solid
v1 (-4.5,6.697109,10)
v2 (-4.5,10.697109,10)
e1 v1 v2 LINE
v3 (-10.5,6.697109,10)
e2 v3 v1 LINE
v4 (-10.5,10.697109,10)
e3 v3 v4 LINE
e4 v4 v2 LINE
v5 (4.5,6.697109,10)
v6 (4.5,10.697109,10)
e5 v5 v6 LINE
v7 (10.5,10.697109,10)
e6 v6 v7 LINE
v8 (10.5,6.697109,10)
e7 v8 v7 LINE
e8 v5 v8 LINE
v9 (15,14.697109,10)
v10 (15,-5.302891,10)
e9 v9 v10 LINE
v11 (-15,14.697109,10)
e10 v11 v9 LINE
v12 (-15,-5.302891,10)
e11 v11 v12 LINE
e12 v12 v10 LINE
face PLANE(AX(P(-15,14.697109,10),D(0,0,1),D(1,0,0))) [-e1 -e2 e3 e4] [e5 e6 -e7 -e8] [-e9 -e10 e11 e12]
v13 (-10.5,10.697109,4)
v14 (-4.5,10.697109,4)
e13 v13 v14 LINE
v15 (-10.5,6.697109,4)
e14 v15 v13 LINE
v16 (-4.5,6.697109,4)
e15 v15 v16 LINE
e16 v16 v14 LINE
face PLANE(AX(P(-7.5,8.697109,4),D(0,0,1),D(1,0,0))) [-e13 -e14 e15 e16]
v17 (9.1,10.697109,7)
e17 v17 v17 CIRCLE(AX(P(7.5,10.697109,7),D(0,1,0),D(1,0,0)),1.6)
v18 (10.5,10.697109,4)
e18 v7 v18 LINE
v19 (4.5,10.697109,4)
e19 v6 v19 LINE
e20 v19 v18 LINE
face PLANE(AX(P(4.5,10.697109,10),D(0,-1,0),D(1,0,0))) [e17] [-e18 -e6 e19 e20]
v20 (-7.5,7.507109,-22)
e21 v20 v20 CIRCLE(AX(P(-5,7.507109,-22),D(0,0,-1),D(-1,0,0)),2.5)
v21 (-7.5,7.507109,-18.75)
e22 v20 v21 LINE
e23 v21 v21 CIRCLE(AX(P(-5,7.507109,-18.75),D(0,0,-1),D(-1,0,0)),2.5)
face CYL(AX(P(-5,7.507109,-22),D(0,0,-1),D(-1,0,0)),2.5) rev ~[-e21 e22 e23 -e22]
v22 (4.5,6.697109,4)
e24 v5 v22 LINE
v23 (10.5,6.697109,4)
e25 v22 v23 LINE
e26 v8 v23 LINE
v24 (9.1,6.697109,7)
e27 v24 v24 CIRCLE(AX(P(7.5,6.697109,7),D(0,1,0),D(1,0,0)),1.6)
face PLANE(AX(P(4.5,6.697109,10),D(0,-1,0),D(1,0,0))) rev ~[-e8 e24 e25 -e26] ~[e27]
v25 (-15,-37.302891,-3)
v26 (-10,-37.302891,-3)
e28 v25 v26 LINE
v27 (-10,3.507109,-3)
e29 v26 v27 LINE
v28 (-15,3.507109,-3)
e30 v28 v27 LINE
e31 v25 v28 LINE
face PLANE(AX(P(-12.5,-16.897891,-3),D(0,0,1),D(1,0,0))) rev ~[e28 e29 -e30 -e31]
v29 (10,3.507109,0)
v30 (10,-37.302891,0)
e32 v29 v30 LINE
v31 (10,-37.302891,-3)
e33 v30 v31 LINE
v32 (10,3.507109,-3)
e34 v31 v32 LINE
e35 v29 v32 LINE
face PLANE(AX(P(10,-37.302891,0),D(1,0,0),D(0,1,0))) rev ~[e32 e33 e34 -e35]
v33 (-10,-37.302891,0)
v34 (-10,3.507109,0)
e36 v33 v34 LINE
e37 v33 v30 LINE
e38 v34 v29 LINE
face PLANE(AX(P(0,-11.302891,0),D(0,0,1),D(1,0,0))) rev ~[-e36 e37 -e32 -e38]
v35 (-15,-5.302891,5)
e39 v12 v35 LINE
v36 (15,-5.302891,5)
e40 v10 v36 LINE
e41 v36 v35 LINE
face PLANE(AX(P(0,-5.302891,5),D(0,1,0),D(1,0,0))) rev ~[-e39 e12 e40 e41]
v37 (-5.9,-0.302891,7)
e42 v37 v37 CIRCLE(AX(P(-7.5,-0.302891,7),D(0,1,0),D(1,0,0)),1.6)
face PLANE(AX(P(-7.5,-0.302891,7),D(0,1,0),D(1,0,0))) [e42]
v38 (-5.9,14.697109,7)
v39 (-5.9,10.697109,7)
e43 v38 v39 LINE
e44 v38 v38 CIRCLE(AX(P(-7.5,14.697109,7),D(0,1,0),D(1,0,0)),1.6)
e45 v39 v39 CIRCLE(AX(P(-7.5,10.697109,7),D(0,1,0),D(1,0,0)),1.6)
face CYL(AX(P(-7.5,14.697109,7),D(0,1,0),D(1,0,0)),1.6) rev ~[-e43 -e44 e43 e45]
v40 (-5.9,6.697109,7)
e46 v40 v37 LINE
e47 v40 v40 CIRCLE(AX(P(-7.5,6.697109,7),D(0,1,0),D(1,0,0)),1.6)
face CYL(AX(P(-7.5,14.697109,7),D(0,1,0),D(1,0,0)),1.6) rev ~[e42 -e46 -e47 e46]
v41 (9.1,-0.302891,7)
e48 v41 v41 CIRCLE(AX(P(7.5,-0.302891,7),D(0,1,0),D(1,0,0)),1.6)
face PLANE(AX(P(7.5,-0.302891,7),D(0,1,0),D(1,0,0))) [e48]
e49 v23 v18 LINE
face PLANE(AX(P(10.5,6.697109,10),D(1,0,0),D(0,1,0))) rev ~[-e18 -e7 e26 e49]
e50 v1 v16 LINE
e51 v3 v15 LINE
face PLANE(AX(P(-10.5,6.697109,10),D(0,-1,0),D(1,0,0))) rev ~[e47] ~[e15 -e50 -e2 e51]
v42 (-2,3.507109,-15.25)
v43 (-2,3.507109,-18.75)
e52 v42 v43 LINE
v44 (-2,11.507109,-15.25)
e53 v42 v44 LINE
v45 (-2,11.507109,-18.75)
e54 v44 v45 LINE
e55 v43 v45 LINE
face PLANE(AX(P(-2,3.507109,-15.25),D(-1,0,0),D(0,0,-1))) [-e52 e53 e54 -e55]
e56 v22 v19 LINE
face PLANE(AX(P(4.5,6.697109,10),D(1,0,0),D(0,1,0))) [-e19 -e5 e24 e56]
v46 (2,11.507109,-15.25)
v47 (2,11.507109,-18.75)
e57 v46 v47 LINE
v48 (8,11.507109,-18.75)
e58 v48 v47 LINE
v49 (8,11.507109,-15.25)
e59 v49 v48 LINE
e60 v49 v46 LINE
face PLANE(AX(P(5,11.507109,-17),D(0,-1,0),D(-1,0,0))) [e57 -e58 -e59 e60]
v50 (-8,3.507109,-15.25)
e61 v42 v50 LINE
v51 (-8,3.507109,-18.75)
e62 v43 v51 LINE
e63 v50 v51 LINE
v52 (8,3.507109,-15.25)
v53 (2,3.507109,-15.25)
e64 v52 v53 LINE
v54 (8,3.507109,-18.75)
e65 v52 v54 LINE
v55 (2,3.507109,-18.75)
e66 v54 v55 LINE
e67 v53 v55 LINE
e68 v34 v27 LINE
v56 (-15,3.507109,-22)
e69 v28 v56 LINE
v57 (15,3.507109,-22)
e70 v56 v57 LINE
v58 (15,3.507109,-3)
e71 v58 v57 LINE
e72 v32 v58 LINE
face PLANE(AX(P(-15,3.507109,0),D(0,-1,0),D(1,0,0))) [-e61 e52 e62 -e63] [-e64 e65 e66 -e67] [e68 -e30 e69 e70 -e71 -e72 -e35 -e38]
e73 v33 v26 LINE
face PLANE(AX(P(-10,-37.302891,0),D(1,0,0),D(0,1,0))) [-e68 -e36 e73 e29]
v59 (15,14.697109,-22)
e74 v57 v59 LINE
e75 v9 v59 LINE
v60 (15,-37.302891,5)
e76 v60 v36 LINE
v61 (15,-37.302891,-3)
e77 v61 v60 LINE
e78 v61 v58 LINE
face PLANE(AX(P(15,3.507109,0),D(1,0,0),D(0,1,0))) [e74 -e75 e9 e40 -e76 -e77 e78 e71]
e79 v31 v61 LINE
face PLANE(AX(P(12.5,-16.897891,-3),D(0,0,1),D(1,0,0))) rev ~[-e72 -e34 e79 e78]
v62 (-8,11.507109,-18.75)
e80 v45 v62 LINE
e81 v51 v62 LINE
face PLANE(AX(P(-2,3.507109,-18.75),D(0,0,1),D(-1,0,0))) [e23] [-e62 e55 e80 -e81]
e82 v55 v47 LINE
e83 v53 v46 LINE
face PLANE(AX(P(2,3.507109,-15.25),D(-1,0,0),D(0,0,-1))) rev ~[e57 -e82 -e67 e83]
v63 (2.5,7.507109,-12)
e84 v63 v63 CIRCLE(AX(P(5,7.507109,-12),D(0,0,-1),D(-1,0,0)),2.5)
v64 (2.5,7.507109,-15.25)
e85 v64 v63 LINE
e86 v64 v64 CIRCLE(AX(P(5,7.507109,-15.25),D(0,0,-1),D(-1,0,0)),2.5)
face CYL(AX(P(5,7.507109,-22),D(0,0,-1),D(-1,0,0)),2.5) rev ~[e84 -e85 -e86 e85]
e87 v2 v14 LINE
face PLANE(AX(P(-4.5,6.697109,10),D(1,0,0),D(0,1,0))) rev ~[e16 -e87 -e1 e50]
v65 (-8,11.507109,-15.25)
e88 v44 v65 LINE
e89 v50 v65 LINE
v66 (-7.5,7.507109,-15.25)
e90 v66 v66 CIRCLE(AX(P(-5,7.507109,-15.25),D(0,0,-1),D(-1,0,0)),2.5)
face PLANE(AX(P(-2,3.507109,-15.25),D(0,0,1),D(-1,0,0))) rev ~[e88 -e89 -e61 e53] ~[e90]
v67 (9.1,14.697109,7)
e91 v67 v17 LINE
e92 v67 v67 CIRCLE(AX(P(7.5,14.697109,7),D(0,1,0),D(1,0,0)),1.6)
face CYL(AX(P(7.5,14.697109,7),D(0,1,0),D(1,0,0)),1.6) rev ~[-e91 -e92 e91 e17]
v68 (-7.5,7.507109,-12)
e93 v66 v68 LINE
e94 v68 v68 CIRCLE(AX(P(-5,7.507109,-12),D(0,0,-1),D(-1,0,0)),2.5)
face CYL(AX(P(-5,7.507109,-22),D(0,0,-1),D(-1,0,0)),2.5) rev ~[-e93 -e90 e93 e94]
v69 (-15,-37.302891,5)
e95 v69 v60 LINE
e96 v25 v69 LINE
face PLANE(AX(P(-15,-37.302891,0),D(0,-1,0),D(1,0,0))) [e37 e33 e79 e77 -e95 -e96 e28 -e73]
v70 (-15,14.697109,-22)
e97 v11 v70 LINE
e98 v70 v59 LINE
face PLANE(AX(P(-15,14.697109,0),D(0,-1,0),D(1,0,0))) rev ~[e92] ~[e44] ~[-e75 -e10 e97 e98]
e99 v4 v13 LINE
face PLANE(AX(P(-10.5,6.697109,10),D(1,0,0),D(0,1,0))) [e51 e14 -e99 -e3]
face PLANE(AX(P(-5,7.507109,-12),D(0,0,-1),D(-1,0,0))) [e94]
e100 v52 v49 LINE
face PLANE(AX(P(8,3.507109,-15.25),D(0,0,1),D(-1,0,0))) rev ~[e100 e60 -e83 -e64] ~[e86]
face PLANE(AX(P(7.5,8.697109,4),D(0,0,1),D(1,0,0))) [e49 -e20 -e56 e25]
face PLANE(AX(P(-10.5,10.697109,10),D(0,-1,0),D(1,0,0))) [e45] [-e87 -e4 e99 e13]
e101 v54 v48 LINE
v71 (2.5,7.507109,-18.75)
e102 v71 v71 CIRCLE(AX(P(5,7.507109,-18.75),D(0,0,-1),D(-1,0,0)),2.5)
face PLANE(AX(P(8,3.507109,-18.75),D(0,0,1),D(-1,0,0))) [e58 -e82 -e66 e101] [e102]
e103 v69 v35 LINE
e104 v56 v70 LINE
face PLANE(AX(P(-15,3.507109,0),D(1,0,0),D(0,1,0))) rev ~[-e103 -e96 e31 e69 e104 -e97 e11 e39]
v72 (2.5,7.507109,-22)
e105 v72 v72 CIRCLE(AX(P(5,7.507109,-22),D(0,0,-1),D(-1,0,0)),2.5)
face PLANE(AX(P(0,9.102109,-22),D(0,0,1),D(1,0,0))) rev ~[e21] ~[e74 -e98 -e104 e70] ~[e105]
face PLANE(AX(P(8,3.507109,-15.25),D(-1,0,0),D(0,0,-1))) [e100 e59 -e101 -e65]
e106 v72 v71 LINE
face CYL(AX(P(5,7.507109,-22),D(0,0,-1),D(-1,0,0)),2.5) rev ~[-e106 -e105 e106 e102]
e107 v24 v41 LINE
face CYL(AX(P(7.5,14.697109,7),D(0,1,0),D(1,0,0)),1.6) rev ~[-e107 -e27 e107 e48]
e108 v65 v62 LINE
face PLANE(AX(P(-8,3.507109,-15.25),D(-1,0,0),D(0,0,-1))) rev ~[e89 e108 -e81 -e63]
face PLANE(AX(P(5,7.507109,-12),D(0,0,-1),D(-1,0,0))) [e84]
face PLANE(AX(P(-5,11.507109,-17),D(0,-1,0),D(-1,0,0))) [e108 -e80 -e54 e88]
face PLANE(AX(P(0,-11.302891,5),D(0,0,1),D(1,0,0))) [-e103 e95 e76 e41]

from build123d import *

# Parameters (mm, degrees)
SKETCH_2_W          = 30
SKETCH_2_H          = 52
EXTRUDE_1_DEPTH     = 5
SKETCH_3_W          = 5
SKETCH_3_H          = 40.81
EXTRUDE_2_DEPTH     = 3
SKETCH_4_W          = 30
SKETCH_4_H          = 10
EXTRUDE_3_DEPTH     = 20
SKETCH_6_R          = 1.6
CUT_EXTRUDE_1_DEPTH = 15
SKETCH_7_W          = 6
SKETCH_7_H          = 4
CUT_EXTRUDE_2_DEPTH = 6
SKETCH_8_W          = 30
SKETCH_8_H          = 11.19
EXTRUDE_4_DEPTH     = 22
SKETCH_9_R          = 2.5
CUT_EXTRUDE_3_DEPTH = 10
SKETCH_10_W         = 6
SKETCH_10_H         = 3.5
CUT_EXTRUDE_4_DEPTH = 8


with BuildPart() as part:
    # 草图2 → 凸台-拉伸1 (new body)
    with BuildSketch(Plane.XY):
        with Locations((0, -11.302890995)):
            Rectangle(SKETCH_2_W, SKETCH_2_H)
    extrude(amount=EXTRUDE_1_DEPTH)

    # 草图3 → 凸台-拉伸2 (add)
    with BuildSketch(Plane.XY):
        with Locations((-12.5, -16.897890995)):
            Rectangle(SKETCH_3_W, SKETCH_3_H)
        with Locations((12.5, -16.897890995)):
            Rectangle(SKETCH_3_W, SKETCH_3_H)
    extrude(amount=-EXTRUDE_2_DEPTH)

    # 草图4 → 凸台-拉伸3 (add)
    with BuildSketch(Plane(origin=(0, 14.697109005, 0), x_dir=(1, 0, 0), z_dir=(0, 1, 0))):
        with Locations((0, -5)):
            Rectangle(SKETCH_4_W, SKETCH_4_H)
    extrude(amount=-EXTRUDE_3_DEPTH)

    # 草图6 → 切除-拉伸1 (cut)
    with BuildSketch(Plane(origin=(0, 14.697109005, 0), x_dir=(1, 0, 0), z_dir=(0, 1, 0))):
        with Locations((-7.5, -7)):
            Circle(SKETCH_6_R)
        with Locations((7.5, -7)):
            Circle(SKETCH_6_R)
    extrude(amount=-CUT_EXTRUDE_1_DEPTH, mode=Mode.SUBTRACT)

    # 草图7 → 切除-拉伸2 (cut)
    with BuildSketch(Plane.XY.offset(10)):
        with Locations((-7.5, 8.697109005)):
            Rectangle(SKETCH_7_W, SKETCH_7_H)
        with Locations((7.5, 8.697109005)):
            Rectangle(SKETCH_7_W, SKETCH_7_H)
    extrude(amount=-CUT_EXTRUDE_2_DEPTH, mode=Mode.SUBTRACT)

    # 草图8 → 凸台-拉伸4 (add)
    with BuildSketch(Plane.XY):
        with Locations((0, 9.102109005)):
            Rectangle(SKETCH_8_W, SKETCH_8_H)
    extrude(amount=-EXTRUDE_4_DEPTH)

    # 草图9 → 切除-拉伸3 (cut)
    with BuildSketch(Plane(origin=(0, 0, -22), x_dir=(-1, 0, 0), z_dir=(0, 0, -1))):
        with Locations((-5, 7.507109005)):
            Circle(SKETCH_9_R)
        with Locations((5, 7.507109005)):
            Circle(SKETCH_9_R)
    extrude(amount=-CUT_EXTRUDE_3_DEPTH, mode=Mode.SUBTRACT)

    # 草图10 → 切除-拉伸4 (cut)
    with BuildSketch(Plane(origin=(0, 3.507109005, 0), x_dir=(-1, 0, 0), z_dir=(0, -1, 0))):
        with Locations((5, 17)):
            Rectangle(SKETCH_10_W, SKETCH_10_H)
        with Locations((-5, 17)):
            Rectangle(SKETCH_10_W, SKETCH_10_H)
    extrude(amount=-CUT_EXTRUDE_4_DEPTH, mode=Mode.SUBTRACT)


solid = part.part
